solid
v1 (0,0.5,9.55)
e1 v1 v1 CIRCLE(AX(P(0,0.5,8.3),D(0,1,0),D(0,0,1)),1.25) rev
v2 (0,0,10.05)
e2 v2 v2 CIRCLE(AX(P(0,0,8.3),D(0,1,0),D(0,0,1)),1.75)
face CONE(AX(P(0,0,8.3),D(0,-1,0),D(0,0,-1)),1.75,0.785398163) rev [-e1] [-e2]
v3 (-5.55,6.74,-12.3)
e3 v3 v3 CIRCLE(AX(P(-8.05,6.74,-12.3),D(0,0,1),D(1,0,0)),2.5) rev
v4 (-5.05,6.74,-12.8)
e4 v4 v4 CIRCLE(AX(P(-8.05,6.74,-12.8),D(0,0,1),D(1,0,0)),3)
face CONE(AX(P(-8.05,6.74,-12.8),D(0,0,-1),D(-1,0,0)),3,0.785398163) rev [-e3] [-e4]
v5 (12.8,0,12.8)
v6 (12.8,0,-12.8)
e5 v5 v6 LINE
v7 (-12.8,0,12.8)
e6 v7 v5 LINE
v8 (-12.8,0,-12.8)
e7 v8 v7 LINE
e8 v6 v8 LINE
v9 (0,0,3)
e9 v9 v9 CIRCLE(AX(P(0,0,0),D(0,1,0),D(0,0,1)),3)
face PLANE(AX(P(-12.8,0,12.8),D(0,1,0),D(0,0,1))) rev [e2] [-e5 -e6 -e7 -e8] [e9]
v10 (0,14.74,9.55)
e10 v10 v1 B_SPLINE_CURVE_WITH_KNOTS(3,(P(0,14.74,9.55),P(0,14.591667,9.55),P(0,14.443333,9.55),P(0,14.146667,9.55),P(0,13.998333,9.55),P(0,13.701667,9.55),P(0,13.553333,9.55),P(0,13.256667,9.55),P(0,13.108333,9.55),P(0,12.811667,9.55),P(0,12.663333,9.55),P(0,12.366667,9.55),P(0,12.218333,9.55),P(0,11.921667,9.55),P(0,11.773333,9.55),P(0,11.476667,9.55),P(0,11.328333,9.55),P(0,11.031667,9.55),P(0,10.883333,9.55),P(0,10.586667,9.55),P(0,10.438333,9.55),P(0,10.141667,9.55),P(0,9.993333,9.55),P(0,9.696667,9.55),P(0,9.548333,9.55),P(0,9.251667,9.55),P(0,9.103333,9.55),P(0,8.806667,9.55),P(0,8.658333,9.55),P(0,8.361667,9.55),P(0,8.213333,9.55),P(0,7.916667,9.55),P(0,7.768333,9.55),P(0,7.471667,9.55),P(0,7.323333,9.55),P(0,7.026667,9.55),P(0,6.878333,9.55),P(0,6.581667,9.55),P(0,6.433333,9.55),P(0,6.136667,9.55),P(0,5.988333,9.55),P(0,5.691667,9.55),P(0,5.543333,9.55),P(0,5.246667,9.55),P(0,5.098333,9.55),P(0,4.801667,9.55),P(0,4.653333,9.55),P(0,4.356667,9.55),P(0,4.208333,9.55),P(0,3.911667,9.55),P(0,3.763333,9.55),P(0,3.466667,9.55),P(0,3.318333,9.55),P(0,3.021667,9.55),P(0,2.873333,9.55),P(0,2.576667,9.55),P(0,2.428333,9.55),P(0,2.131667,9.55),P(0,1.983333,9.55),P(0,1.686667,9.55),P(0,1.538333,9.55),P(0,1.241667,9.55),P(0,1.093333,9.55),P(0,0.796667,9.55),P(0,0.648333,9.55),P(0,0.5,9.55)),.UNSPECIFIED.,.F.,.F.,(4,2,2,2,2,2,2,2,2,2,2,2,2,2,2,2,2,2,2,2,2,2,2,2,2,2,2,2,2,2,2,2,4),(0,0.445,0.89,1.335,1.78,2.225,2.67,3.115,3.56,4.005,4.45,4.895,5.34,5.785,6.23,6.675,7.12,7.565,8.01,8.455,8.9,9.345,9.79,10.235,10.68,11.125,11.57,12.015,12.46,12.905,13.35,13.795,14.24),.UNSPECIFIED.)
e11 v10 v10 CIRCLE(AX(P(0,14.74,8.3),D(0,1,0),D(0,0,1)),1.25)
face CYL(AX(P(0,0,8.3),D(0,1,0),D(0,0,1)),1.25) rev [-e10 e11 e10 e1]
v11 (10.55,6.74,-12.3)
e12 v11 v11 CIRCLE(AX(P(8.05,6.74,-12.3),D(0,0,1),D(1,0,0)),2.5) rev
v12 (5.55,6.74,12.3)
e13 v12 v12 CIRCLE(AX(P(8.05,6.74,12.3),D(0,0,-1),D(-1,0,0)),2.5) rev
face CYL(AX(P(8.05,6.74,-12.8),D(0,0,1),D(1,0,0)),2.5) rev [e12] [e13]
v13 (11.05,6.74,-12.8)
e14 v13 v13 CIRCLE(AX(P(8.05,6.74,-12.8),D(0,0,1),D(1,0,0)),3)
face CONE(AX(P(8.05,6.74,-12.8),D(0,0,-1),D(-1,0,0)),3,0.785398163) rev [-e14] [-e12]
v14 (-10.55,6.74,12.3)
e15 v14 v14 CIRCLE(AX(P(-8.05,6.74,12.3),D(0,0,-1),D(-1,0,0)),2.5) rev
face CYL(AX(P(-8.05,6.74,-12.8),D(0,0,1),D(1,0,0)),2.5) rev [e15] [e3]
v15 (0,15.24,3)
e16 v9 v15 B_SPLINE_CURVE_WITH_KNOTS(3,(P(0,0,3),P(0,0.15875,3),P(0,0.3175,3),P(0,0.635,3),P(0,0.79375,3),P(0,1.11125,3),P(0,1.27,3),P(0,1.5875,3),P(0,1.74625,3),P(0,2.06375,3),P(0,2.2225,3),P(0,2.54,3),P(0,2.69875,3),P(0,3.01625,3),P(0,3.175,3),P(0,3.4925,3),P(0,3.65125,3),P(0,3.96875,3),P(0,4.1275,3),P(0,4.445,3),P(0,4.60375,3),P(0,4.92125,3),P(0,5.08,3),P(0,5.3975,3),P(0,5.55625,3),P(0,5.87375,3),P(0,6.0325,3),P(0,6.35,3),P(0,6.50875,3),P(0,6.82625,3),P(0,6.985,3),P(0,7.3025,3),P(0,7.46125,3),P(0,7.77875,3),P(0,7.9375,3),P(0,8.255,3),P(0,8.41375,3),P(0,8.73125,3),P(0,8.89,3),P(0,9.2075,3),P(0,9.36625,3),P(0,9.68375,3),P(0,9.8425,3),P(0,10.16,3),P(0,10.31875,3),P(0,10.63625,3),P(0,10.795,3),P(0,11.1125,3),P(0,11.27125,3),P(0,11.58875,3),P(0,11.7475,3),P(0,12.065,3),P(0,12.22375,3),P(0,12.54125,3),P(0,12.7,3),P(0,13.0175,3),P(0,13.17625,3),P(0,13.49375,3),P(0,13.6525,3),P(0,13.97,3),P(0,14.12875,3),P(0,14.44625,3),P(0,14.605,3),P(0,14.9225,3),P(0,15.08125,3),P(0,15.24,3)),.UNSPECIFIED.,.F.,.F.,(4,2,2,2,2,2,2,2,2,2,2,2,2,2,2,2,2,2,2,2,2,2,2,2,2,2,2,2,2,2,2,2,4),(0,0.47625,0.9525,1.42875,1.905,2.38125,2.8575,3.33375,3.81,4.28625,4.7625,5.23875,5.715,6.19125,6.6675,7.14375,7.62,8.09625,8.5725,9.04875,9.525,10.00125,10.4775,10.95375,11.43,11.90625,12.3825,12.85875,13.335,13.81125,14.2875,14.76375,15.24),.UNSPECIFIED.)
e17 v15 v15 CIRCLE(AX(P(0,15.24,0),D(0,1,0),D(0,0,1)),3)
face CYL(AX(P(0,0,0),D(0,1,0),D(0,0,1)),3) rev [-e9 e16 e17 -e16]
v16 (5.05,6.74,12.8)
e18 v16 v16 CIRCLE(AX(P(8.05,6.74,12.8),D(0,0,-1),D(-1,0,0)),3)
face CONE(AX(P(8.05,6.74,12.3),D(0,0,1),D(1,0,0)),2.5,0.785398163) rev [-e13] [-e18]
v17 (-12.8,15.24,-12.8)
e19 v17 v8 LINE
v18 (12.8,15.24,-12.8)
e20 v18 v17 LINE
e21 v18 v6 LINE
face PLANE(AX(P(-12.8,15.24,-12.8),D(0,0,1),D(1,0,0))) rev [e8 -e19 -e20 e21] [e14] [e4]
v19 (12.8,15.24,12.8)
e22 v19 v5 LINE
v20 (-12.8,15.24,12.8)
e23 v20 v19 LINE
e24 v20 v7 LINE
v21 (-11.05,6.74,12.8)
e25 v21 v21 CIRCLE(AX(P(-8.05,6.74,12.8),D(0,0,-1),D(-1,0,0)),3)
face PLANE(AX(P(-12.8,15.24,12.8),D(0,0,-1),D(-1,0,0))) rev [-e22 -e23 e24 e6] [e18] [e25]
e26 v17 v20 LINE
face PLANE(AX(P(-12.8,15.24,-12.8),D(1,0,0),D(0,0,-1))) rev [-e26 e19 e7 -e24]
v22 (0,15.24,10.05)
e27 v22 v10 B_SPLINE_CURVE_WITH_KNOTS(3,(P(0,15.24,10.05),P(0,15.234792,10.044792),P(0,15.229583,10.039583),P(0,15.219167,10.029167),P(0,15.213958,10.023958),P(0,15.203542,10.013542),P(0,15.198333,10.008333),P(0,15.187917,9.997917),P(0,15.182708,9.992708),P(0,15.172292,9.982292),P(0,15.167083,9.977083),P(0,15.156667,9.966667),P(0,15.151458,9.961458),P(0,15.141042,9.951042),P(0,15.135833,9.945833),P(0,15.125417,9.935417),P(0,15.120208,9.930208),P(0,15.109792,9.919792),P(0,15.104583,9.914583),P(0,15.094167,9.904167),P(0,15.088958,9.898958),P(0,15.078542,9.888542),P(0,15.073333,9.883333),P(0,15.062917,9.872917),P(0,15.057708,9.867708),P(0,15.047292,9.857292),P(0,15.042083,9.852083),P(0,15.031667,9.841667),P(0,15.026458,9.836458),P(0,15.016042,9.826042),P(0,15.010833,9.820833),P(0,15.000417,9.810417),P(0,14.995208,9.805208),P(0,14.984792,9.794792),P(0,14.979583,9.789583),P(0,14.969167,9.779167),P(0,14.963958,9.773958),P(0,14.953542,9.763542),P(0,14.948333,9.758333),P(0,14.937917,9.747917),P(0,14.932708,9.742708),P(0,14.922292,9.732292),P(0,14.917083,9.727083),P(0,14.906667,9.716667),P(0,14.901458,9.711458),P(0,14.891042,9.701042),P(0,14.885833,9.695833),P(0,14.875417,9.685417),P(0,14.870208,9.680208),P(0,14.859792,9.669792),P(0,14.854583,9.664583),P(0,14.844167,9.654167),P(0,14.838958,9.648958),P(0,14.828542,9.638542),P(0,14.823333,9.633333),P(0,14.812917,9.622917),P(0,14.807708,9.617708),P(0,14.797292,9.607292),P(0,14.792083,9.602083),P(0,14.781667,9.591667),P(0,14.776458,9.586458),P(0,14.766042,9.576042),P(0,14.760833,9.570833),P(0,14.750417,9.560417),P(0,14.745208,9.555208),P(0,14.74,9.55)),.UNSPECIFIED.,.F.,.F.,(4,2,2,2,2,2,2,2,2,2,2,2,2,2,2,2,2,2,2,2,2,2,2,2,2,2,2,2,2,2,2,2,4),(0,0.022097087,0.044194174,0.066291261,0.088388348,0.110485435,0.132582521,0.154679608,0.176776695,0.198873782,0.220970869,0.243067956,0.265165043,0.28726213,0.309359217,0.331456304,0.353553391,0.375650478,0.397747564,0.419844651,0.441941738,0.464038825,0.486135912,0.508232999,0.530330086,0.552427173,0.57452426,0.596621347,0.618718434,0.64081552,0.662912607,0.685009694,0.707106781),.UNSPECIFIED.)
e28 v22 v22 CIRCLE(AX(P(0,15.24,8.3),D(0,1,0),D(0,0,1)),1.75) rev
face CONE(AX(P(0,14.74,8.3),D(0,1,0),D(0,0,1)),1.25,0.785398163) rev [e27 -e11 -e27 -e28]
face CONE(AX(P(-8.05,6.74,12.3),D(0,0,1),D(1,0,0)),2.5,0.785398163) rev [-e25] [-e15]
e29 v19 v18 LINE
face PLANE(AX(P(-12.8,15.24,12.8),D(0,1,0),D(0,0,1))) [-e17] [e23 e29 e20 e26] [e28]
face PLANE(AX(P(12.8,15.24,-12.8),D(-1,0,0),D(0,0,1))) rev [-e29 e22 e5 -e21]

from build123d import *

# Parameters (mm, degrees)
SKETCH1_W           = 25.6
SKETCH1_H           = 25.6
BOSS_EXTRUDE1_DEPTH = 15.24
SKETCH2_R           = 2.5
CUT_EXTRUDE1_DEPTH  = 33.426186948
SKETCH3_R           = 1.25
CUT_EXTRUDE2_DEPTH  = 24.663000655
CHAMFER1_SIZE       = 0.5
SKETCH7_R           = 3
CUT_EXTRUDE3_DEPTH  = 24.663000655


with BuildPart() as part:
    # Sketch1 → Boss-Extrude1 (new body)
    with BuildSketch(Plane(origin=(0, 0, 0), x_dir=(1, 0, 0), z_dir=(0, 1, 0))):
        Rectangle(SKETCH1_W, SKETCH1_H)
    extrude(amount=BOSS_EXTRUDE1_DEPTH)

    # Sketch2 → Cut-Extrude1 (cut, through all)
    with BuildSketch(Plane.XY.offset(12.8)):
        with Locations((-8.05, 6.74)):
            Circle(SKETCH2_R)
        with Locations((8.05, 6.74)):
            Circle(SKETCH2_R)
    extrude(amount=-CUT_EXTRUDE1_DEPTH, mode=Mode.SUBTRACT)

    # Sketch3 → Cut-Extrude2 (cut, through all)
    with BuildSketch(Plane(origin=(0, 15.24, 0), x_dir=(1, 0, 0), z_dir=(0, 1, 0))):
        with Locations(Location((0, -8.3, 0), (0, 0, 270))):
            Circle(SKETCH3_R)
    extrude(amount=-CUT_EXTRUDE2_DEPTH, mode=Mode.SUBTRACT)

    # Chamfer1
    chamfer1_edges = [part.edges().sort_by_distance(p)[0] for p in [
        (-10.55, 6.74, -12.8),
        (-10.55, 6.74, 12.8),
        (5.55, 6.74, -12.8),
        (5.55, 6.74, 12.8),
        (0, 0, 7.05),
        (0, 15.24, 7.05),
    ]]
    chamfer(chamfer1_edges, length=CHAMFER1_SIZE)

    # Sketch7 → Cut-Extrude3 (cut, through all)
    with BuildSketch(Plane(origin=(0, 15.24, 0), x_dir=(1, 0, 0), z_dir=(0, 1, 0))):
        with Locations(Location((0, 0, 0), (0, 0, 270))):
            Circle(SKETCH7_R)
    extrude(amount=-CUT_EXTRUDE3_DEPTH, mode=Mode.SUBTRACT)


solid = part.part
